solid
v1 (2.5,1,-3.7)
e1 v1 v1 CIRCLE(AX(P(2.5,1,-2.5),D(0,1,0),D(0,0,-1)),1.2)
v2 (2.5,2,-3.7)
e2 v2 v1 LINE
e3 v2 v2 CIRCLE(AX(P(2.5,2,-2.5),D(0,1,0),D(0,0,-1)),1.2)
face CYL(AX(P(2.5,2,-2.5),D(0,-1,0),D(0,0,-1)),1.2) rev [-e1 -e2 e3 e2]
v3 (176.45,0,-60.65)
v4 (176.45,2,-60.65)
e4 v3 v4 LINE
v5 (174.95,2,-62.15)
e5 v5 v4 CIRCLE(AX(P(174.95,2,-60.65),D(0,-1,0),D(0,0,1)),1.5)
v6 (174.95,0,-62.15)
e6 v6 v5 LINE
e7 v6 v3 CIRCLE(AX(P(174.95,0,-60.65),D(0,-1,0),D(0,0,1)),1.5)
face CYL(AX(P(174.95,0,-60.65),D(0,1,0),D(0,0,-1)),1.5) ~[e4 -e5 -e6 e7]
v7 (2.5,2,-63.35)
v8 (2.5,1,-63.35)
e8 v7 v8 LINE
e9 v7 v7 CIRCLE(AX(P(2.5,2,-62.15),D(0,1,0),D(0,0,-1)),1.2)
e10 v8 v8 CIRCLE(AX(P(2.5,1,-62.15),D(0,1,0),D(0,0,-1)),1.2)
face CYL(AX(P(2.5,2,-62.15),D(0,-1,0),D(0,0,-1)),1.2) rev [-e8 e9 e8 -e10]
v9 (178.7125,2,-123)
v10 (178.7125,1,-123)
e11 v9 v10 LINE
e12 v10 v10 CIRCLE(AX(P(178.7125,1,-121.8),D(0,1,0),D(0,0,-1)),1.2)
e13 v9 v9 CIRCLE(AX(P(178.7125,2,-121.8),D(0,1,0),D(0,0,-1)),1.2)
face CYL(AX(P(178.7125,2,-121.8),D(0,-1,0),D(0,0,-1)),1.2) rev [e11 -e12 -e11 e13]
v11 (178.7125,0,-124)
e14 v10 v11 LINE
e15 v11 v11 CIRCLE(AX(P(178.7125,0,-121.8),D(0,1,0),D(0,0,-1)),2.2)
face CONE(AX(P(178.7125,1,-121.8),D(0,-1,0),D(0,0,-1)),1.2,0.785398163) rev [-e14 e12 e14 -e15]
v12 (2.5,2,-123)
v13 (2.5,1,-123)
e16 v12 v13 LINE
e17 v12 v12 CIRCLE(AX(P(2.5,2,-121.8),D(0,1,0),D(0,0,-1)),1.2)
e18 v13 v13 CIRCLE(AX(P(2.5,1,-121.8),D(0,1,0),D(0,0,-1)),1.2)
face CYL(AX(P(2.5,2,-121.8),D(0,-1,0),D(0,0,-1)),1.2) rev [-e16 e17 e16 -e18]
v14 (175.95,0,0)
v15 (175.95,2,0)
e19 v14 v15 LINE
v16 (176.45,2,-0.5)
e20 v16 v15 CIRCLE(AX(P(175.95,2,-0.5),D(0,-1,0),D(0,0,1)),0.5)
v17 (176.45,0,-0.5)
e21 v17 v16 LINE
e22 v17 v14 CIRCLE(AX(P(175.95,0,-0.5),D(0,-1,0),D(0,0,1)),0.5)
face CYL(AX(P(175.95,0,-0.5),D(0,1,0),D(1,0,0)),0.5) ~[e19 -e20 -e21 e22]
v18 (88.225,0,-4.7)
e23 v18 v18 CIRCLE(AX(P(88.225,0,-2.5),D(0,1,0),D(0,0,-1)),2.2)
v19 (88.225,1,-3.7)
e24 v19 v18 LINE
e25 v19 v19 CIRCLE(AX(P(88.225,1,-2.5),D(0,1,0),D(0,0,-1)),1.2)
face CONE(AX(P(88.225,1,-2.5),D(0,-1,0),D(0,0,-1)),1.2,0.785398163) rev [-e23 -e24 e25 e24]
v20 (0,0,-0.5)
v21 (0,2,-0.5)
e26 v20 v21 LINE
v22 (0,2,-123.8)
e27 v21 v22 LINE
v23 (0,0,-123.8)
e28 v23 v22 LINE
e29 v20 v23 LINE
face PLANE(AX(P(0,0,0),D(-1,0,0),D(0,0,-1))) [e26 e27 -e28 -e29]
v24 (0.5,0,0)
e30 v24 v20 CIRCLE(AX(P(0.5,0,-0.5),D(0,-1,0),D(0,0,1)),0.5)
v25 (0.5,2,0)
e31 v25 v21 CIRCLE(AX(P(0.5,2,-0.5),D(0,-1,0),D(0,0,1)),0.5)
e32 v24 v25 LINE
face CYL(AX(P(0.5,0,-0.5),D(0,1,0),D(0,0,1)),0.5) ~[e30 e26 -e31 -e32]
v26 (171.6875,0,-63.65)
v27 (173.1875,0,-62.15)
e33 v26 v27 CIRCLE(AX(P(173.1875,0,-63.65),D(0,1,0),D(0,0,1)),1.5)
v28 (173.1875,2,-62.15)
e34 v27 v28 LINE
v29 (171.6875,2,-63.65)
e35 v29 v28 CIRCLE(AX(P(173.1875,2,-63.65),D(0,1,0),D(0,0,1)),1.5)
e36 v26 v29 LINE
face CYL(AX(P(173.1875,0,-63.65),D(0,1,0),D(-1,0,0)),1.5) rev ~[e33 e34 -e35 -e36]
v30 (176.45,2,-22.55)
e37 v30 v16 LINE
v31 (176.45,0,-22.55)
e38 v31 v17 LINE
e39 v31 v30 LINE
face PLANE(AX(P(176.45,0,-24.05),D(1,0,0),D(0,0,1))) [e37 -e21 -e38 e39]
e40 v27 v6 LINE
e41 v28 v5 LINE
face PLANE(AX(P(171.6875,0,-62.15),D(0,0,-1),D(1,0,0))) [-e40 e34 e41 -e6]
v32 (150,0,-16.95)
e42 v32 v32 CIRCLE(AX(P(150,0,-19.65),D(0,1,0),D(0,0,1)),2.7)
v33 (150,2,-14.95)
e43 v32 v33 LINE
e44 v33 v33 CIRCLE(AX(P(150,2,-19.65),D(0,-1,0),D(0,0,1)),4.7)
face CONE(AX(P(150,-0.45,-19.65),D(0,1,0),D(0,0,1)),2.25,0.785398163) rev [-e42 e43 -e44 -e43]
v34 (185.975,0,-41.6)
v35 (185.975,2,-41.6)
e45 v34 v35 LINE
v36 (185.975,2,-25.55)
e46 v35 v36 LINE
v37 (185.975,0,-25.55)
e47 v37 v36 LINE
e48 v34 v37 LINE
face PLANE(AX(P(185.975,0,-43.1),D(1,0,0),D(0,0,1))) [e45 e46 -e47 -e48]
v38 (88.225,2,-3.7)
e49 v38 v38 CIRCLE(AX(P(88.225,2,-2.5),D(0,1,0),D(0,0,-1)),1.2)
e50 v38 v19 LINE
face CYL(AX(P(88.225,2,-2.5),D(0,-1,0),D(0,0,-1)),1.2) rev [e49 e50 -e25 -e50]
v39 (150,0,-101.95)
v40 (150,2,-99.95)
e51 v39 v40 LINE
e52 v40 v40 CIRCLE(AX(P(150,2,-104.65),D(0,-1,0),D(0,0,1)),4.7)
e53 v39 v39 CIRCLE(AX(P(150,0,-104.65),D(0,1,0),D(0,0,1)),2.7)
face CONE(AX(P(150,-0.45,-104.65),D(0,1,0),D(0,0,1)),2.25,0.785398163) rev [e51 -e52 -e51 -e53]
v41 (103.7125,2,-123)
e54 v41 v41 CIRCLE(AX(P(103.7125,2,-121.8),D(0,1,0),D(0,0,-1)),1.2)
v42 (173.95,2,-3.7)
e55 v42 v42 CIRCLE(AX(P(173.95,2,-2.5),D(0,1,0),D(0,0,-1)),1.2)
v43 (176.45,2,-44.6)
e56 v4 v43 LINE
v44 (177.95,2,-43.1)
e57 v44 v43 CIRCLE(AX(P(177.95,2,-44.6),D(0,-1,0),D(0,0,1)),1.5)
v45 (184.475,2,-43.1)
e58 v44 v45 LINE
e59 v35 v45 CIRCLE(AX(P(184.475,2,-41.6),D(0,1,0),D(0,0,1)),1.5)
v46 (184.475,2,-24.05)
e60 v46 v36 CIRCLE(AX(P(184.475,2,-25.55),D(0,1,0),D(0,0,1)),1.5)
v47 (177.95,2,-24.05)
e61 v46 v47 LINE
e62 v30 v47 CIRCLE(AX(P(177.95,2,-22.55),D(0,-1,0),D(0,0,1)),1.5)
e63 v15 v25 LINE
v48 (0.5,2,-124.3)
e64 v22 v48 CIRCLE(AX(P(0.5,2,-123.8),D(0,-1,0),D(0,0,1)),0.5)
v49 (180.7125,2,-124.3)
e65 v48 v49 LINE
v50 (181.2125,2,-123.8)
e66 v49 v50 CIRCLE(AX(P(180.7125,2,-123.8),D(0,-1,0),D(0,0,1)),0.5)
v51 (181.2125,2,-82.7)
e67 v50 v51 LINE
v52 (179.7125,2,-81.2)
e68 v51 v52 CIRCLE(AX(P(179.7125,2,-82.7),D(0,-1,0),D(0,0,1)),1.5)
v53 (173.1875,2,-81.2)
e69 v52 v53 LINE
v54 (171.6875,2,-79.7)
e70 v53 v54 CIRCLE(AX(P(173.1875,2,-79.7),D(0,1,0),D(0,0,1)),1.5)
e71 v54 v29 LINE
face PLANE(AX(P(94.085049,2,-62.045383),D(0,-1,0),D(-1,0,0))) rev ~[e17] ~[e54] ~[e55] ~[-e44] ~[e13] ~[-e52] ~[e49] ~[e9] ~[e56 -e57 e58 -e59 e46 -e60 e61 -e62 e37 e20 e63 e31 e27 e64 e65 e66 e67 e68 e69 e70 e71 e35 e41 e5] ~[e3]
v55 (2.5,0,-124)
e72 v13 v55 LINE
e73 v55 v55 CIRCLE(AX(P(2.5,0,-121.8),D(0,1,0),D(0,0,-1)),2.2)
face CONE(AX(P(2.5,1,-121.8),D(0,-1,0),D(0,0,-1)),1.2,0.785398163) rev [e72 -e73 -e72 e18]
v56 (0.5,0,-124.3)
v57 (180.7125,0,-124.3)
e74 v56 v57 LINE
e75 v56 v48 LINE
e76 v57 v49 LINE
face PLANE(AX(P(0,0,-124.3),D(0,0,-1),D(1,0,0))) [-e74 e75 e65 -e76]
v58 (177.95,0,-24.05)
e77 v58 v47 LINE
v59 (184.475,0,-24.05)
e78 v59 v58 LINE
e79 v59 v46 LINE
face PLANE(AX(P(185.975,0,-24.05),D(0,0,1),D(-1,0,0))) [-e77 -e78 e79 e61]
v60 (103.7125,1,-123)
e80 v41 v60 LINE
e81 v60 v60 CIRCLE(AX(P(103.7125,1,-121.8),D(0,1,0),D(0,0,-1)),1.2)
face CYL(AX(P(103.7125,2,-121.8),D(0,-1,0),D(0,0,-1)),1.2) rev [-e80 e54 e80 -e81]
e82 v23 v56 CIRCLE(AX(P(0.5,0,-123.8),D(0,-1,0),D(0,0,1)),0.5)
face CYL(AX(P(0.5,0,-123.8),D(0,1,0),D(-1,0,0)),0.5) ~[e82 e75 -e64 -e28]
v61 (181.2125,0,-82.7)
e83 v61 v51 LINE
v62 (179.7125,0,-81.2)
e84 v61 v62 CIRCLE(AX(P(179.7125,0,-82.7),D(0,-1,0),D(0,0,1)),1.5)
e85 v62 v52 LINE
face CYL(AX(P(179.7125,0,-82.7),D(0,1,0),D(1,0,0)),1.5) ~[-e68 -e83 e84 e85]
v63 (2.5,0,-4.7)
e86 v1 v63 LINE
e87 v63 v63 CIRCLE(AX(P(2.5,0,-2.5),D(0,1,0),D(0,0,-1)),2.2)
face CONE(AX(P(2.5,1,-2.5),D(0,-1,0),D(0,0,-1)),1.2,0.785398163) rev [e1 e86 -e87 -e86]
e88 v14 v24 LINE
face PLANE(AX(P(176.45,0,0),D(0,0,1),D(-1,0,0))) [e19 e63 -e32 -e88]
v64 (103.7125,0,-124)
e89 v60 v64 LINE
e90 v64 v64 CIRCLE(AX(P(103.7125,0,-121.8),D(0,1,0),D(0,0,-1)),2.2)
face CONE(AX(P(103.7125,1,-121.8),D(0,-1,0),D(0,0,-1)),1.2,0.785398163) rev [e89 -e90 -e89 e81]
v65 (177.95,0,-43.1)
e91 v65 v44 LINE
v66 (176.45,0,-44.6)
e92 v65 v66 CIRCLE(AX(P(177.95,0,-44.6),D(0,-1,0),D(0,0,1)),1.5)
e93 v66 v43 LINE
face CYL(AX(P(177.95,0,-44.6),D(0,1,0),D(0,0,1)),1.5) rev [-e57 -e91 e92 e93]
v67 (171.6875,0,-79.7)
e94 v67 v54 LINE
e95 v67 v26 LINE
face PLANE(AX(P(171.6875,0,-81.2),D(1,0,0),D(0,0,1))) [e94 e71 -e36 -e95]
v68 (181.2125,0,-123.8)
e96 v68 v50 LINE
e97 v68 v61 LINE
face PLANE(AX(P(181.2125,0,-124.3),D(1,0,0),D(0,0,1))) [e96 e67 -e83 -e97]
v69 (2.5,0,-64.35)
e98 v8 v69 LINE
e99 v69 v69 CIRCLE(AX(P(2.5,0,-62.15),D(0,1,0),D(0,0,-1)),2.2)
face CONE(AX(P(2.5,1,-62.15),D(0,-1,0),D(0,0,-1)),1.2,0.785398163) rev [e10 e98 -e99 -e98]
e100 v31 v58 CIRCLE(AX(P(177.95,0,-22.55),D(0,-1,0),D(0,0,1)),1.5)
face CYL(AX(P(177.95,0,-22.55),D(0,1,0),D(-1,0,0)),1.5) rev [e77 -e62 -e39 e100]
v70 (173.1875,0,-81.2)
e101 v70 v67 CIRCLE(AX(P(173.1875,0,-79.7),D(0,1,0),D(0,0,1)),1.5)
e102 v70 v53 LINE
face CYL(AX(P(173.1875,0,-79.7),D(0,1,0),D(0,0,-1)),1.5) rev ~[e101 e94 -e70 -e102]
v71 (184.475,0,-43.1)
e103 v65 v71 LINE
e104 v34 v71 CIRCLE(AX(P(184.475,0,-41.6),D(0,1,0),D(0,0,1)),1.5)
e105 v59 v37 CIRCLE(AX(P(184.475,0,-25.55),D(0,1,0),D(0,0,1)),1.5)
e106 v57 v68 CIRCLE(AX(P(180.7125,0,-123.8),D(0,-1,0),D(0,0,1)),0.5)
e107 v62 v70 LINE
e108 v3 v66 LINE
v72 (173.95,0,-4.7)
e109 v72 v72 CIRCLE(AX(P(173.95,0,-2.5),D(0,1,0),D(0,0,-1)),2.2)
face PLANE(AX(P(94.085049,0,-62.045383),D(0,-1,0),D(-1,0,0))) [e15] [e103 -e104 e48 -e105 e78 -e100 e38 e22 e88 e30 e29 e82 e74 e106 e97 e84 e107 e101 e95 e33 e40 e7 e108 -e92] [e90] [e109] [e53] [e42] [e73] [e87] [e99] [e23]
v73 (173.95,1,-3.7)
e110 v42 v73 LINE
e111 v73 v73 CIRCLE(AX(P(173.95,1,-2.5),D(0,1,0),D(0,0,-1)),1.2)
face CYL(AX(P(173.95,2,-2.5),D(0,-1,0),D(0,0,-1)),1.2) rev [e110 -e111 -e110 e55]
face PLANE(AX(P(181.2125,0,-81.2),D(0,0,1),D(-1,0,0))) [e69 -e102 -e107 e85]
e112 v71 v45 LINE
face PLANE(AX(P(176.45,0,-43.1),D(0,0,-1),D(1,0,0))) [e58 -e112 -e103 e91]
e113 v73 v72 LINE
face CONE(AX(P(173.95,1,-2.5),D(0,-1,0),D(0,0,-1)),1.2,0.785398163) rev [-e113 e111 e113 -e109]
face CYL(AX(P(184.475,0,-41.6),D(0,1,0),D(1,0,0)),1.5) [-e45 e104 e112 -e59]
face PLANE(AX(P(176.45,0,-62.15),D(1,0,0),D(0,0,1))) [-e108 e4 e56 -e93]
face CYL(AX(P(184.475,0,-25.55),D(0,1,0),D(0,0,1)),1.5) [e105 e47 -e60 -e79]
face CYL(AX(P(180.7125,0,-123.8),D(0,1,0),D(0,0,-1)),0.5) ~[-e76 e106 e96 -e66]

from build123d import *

# Parameters (mm, degrees)
PLATE_FRAME_DEPTH                              = 2
CSK_FOR_M2_FLAT_HEAD_MACHINE_SCREW2_AT_2_COUNT = 2
CSK_FOR_M2_FLAT_HEAD_MACHINE_SCREW2_AT_2_PITCH = 75
CSK_FOR_M2_FLAT_HEAD_MACHINE_SCREW2_AT_3_COUNT = 2
CSK_FOR_M2_FLAT_HEAD_MACHINE_SCREW2_AT_3_PITCH = 176.2125
CSK_FOR_M2_FLAT_HEAD_MACHINE_SCREW2_AT_4_COUNT = 2
CSK_FOR_M2_FLAT_HEAD_MACHINE_SCREW2_AT_4_PITCH = 186.034856025
CSK_FOR_M2_FLAT_HEAD_MACHINE_SCREW2_AT_5_COUNT = 2
CSK_FOR_M2_FLAT_HEAD_MACHINE_SCREW2_AT_5_PITCH = 212.798813804
CSK_FOR_M2_FLAT_HEAD_MACHINE_SCREW2_AT_6_COUNT = 2
CSK_FOR_M2_FLAT_HEAD_MACHINE_SCREW2_AT_6_PITCH = 149.734690891
CSK_FOR_M2_FLAT_HEAD_MACHINE_SCREW2_AT_7_COUNT = 2
CSK_FOR_M2_FLAT_HEAD_MACHINE_SCREW2_AT_7_PITCH = 119.395022535
CSK_FOR_M4_FLAT_HEAD_MACHINE_SCREW1_AT_2_COUNT = 2
CSK_FOR_M4_FLAT_HEAD_MACHINE_SCREW1_AT_2_PITCH = 85
FILLET3_R                                      = 1.5
FILLET4_R                                      = 0.5


with BuildPart() as part:
    # Sketch1 → Plate Frame (new body)
    with BuildSketch(Plane(origin=(0, 0, 0), x_dir=(1, 0, 0), z_dir=(0, 1, 0))):
        Polygon((0, 0), (0, 124.3), (181.2125, 124.3), (181.2125, 81.2), (171.6875, 81.2), (171.6875, 62.15), (176.45, 62.15), (176.45, 43.1), (185.975, 43.1), (185.975, 24.05), (176.45, 24.05), (176.45, 0), align=None)
    extrude(amount=PLATE_FRAME_DEPTH)

    # Sketch23 → CSK for M2 Flat Head Machine Screw2 (revolve, cut)
    with BuildSketch(Plane(origin=(178.7125, 0, -121.8), x_dir=(0, 0, -1), z_dir=(1, 0, 0))):
        Polygon((0, 0), (0, 2), (1.2, 2), (1.2, 1), (2.2, 0), align=None)
    csk_for_m2_flat_head_machine_screw2 = revolve(axis=Axis((178.7125, -6.35, -121.8), (0, 1, 0)), mode=Mode.SUBTRACT)

    # CSK for M2 Flat Head Machine Screw2 at 2: CSK for M2 Flat Head Machine Screw2 ×2
    with Locations(*[(-i * CSK_FOR_M2_FLAT_HEAD_MACHINE_SCREW2_AT_2_PITCH, 0, 0) for i in range(1, CSK_FOR_M2_FLAT_HEAD_MACHINE_SCREW2_AT_2_COUNT)]):
        add(csk_for_m2_flat_head_machine_screw2, mode=Mode.SUBTRACT)

    # CSK for M2 Flat Head Machine Screw2 at 3: CSK for M2 Flat Head Machine Screw2 ×2
    with Locations(*[(-i * CSK_FOR_M2_FLAT_HEAD_MACHINE_SCREW2_AT_3_PITCH, 0, 0) for i in range(1, CSK_FOR_M2_FLAT_HEAD_MACHINE_SCREW2_AT_3_COUNT)]):
        add(csk_for_m2_flat_head_machine_screw2, mode=Mode.SUBTRACT)

    # CSK for M2 Flat Head Machine Screw2 at 4: CSK for M2 Flat Head Machine Screw2 ×2
    with Locations(*[Vector(-0.9472015286011822, 0, 0.3206388376594201) * (i * CSK_FOR_M2_FLAT_HEAD_MACHINE_SCREW2_AT_4_PITCH) for i in range(1, CSK_FOR_M2_FLAT_HEAD_MACHINE_SCREW2_AT_4_COUNT)]):
        add(csk_for_m2_flat_head_machine_screw2, mode=Mode.SUBTRACT)

    # CSK for M2 Flat Head Machine Screw2 at 5: CSK for M2 Flat Head Machine Screw2 ×2
    with Locations(*[Vector(-0.828070875256726, 0, 0.5606234257962827) * (i * CSK_FOR_M2_FLAT_HEAD_MACHINE_SCREW2_AT_5_PITCH) for i in range(1, CSK_FOR_M2_FLAT_HEAD_MACHINE_SCREW2_AT_5_COUNT)]):
        add(csk_for_m2_flat_head_machine_screw2, mode=Mode.SUBTRACT)

    # CSK for M2 Flat Head Machine Screw2 at 6: CSK for M2 Flat Head Machine Screw2 ×2
    with Locations(*[Vector(-0.6043188753487793, 0, 0.7967425537130464) * (i * CSK_FOR_M2_FLAT_HEAD_MACHINE_SCREW2_AT_6_PITCH) for i in range(1, CSK_FOR_M2_FLAT_HEAD_MACHINE_SCREW2_AT_6_COUNT)]):
        add(csk_for_m2_flat_head_machine_screw2, mode=Mode.SUBTRACT)

    # CSK for M2 Flat Head Machine Screw2 at 7: CSK for M2 Flat Head Machine Screw2 ×2
    with Locations(*[Vector(-0.039888597521597645, 0, 0.9992041331918919) * (i * CSK_FOR_M2_FLAT_HEAD_MACHINE_SCREW2_AT_7_PITCH) for i in range(1, CSK_FOR_M2_FLAT_HEAD_MACHINE_SCREW2_AT_7_COUNT)]):
        add(csk_for_m2_flat_head_machine_screw2, mode=Mode.SUBTRACT)

    # Sketch26 → CSK for M4 Flat Head Machine Screw1 (revolve, cut)
    with BuildSketch(Plane(origin=(150, 2, -104.65), x_dir=(0, 0, 1), z_dir=(1, 0, 0))):
        Polygon((0, 0), (0, 2), (2.25, 2), (2.25, 2.45), (4.7, 0), align=None)
    csk_for_m4_flat_head_machine_screw1 = revolve(axis=Axis((150, 8.35, -104.65), (0, -1, 0)), mode=Mode.SUBTRACT)

    # CSK for M4 Flat Head Machine Screw1 at 2: CSK for M4 Flat Head Machine Screw1 ×2
    with Locations(*[(0, 0, i * CSK_FOR_M4_FLAT_HEAD_MACHINE_SCREW1_AT_2_PITCH) for i in range(1, CSK_FOR_M4_FLAT_HEAD_MACHINE_SCREW1_AT_2_COUNT)]):
        add(csk_for_m4_flat_head_machine_screw1, mode=Mode.SUBTRACT)

    # Fillet3
    fillet3_edges = [part.edges().sort_by_distance(p)[0] for p in [
        (181.2125, 1, -81.2),
        (171.6875, 1, -81.2),
        (171.6875, 1, -62.15),
        (176.45, 1, -62.15),
        (176.45, 1, -43.1),
        (185.975, 1, -43.1),
        (185.975, 1, -24.05),
        (176.45, 1, -24.05),
    ]]
    fillet(fillet3_edges, radius=FILLET3_R)

    # Fillet4
    fillet4_edges = [part.edges().sort_by_distance(p)[0] for p in [
        (0, 1, 0),
        (0, 1, -124.3),
        (181.2125, 1, -124.3),
        (176.45, 1, 0),
    ]]
    fillet(fillet4_edges, radius=FILLET4_R)


solid = part.part
